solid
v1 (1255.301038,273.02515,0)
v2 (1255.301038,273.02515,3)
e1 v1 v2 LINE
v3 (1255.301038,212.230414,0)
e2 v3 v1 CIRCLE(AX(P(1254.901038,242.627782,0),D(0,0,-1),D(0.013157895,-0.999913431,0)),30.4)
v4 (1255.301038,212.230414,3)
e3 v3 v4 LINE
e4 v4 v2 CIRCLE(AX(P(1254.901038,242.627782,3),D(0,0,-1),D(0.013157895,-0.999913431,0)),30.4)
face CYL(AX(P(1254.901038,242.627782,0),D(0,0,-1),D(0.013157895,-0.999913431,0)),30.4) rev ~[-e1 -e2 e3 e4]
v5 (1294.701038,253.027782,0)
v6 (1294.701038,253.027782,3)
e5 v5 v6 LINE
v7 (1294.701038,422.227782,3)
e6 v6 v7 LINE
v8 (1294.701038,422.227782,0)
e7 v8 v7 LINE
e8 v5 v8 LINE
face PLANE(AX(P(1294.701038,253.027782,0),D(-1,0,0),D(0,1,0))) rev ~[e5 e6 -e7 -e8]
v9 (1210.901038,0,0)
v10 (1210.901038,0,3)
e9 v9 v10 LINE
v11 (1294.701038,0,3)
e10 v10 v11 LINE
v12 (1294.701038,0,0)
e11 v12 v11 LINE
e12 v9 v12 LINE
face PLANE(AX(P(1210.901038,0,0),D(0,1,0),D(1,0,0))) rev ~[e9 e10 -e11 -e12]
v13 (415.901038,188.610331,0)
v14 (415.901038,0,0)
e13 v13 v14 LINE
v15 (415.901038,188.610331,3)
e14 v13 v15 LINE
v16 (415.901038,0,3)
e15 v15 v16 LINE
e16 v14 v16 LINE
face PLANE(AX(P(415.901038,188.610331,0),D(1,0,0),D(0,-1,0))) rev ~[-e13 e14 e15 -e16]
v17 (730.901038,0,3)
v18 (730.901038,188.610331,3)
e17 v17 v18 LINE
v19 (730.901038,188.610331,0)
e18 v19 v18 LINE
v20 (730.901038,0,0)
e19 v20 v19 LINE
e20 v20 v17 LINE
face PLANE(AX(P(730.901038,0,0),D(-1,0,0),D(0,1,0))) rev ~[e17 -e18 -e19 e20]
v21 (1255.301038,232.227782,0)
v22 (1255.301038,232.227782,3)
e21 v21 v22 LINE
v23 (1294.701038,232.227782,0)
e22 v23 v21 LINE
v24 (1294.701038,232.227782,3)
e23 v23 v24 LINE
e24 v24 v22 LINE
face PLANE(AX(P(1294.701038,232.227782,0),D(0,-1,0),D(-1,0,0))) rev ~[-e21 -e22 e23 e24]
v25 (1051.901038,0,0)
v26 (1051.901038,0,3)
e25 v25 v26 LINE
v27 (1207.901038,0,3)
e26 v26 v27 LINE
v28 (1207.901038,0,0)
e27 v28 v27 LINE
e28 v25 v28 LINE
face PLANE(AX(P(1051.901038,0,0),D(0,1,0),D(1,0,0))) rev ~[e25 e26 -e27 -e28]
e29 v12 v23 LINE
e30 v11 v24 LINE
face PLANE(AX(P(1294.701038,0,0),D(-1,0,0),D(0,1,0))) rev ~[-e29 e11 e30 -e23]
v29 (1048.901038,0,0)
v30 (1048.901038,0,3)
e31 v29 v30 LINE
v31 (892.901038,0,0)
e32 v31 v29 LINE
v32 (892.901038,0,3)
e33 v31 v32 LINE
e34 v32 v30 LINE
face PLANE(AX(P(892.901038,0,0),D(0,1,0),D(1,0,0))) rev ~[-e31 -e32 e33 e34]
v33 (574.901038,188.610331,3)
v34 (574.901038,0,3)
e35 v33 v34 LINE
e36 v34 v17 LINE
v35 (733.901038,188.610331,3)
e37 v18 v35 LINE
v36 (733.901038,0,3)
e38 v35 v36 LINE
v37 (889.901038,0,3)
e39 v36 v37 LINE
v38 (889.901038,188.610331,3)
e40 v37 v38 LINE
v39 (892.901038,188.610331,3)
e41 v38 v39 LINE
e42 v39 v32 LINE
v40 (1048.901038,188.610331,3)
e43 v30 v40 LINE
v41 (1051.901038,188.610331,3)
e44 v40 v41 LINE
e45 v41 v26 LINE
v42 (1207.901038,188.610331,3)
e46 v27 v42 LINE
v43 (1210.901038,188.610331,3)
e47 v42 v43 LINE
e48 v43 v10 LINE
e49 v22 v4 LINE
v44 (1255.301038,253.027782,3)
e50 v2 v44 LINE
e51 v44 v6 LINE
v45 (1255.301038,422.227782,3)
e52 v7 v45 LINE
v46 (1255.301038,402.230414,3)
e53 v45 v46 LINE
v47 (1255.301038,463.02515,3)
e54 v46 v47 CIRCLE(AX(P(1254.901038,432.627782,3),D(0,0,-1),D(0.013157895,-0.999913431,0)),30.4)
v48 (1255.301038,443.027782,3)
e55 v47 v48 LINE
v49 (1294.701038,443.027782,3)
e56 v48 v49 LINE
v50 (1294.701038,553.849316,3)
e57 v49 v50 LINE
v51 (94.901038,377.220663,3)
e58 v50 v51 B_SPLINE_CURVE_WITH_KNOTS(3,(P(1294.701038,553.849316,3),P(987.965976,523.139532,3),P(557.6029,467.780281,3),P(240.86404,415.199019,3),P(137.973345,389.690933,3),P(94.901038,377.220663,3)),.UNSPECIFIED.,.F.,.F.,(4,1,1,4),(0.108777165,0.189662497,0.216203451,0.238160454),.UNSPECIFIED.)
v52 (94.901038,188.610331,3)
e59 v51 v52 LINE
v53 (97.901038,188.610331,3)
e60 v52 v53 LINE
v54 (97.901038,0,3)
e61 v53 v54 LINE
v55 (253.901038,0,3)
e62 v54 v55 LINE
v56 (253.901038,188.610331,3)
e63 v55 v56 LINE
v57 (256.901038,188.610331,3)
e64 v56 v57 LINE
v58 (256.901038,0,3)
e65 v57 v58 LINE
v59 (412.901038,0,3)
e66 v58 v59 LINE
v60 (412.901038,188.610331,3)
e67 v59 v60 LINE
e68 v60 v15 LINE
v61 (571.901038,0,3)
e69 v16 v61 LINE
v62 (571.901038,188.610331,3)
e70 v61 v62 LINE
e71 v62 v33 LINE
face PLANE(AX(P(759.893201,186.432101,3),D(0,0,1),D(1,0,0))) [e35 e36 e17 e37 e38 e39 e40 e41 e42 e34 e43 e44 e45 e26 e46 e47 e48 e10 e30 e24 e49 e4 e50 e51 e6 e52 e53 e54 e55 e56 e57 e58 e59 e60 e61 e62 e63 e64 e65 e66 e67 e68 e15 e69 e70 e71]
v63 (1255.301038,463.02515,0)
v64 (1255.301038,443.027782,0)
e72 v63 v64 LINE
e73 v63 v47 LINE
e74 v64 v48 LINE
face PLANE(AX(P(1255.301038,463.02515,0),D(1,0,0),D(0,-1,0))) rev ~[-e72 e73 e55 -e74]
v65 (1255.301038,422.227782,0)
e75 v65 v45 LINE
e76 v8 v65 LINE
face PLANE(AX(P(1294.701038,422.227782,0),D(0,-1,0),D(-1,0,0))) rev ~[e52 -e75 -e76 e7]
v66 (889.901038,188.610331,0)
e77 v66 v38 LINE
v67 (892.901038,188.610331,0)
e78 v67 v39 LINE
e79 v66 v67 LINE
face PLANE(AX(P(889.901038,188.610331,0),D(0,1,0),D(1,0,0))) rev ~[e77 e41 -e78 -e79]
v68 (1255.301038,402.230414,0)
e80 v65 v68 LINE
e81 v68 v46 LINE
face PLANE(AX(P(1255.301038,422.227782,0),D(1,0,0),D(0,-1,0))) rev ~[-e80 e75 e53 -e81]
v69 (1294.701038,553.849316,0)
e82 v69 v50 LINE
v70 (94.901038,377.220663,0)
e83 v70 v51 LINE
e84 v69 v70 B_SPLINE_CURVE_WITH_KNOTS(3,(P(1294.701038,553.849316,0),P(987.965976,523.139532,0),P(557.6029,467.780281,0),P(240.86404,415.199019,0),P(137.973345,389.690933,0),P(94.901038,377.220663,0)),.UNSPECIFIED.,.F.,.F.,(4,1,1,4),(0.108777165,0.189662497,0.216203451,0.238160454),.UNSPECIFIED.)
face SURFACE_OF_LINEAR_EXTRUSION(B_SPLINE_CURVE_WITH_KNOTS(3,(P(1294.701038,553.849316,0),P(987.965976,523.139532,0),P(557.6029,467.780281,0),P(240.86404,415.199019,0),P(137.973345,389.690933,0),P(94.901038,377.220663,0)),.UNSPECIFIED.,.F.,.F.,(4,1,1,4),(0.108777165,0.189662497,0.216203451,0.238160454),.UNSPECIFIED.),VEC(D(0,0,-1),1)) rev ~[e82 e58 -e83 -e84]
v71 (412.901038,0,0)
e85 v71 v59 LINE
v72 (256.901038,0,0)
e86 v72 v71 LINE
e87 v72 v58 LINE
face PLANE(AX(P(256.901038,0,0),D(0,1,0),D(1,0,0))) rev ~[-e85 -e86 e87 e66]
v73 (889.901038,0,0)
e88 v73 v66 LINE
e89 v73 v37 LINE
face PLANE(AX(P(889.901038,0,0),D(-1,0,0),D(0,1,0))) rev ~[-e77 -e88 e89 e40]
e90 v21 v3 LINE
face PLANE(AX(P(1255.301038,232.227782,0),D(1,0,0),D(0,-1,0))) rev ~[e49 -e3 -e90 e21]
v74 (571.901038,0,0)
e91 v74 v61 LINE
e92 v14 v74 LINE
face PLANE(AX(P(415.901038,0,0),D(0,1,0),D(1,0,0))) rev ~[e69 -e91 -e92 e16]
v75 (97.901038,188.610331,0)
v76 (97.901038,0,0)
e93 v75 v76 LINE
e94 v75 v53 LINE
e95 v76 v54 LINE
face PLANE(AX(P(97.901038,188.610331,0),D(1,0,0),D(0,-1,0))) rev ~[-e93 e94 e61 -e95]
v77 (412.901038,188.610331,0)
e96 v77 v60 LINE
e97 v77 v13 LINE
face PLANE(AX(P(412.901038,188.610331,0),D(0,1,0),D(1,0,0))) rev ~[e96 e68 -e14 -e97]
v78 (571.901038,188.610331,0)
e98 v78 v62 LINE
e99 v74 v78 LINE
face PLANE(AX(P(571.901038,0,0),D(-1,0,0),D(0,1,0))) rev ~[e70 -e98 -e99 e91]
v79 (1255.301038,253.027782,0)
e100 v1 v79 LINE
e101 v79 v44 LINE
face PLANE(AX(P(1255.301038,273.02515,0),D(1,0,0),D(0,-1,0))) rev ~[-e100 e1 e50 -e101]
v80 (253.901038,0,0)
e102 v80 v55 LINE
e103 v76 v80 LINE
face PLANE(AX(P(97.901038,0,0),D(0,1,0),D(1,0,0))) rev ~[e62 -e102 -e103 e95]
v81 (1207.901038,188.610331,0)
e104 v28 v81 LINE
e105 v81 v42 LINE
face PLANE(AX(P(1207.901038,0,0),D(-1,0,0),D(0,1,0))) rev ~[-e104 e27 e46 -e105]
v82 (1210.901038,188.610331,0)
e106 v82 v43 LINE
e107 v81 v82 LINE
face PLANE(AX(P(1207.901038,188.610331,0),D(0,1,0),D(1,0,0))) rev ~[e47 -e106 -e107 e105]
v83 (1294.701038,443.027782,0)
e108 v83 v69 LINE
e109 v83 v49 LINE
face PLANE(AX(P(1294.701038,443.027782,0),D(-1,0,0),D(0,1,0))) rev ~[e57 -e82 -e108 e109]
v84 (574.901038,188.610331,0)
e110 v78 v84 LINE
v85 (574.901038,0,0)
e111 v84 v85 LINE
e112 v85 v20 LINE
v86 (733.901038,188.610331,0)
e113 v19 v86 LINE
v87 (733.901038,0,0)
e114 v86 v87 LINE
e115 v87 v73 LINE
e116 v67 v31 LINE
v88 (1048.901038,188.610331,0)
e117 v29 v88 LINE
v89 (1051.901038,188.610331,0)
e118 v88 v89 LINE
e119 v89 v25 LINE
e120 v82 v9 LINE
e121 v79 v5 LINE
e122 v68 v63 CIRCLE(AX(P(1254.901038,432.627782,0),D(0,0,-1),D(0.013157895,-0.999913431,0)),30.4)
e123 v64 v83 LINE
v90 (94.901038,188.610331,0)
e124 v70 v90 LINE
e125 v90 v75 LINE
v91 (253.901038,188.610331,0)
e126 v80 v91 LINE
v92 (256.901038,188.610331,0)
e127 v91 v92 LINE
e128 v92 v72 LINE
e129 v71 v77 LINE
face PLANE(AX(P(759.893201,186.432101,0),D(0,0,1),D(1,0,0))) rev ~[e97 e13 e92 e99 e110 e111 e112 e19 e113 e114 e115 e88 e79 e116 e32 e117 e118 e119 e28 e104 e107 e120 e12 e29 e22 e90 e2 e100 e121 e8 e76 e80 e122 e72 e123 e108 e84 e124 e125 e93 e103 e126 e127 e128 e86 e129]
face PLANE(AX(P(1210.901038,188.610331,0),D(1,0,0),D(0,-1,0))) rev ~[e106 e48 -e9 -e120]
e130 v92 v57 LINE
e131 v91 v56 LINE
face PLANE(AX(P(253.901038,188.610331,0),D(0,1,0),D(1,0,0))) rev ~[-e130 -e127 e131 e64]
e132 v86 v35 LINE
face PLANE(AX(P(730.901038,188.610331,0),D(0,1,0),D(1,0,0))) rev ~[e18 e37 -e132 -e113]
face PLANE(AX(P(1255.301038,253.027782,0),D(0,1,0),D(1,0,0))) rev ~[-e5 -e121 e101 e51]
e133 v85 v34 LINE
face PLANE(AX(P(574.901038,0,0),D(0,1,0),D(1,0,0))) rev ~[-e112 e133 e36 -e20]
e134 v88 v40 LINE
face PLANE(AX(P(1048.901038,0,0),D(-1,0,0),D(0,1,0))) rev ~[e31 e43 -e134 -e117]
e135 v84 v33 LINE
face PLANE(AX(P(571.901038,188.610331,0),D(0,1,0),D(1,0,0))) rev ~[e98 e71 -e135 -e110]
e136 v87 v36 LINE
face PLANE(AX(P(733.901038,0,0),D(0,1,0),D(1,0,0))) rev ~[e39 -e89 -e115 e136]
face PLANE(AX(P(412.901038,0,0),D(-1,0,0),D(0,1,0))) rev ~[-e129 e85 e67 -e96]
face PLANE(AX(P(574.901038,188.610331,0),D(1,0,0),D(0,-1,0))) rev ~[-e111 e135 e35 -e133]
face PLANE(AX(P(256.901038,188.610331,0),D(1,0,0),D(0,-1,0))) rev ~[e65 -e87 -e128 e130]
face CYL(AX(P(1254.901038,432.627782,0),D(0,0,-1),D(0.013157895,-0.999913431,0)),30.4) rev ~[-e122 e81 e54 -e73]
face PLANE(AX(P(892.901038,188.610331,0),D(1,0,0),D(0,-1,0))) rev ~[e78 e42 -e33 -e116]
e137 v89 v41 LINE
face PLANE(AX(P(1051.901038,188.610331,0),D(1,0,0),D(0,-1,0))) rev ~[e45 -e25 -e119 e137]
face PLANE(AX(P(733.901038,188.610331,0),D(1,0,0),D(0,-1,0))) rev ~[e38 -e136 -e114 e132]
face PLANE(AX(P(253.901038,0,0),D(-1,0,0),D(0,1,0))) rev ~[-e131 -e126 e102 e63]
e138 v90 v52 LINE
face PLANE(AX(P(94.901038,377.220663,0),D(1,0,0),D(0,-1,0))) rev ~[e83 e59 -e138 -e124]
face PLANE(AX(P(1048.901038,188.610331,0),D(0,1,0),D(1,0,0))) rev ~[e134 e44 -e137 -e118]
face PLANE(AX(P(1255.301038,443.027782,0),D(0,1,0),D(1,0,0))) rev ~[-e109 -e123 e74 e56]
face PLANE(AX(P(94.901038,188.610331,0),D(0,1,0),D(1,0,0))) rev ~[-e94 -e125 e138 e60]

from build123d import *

# Parameters (mm, degrees)
BOSS_EXTRUDE1_DEPTH = 3


with BuildPart() as part:
    # Model → Boss-Extrude1 (new body)
    with BuildSketch(Plane.XY):
        with BuildLine():
            Line((1255.301037795, 443.027781841), (1294.701037823, 443.027781841))
            Line((1294.701037823, 443.027781841), (1294.701037823, 553.849315832))
            add(Edge.make_bspline(
                [(1294.701037823, 553.849315832), (987.9659757, 523.139532485), (557.602899882, 467.780280961), (240.864040275, 415.199018527), (137.973344874, 389.690933183), (94.901037796, 377.220662508)],
                knots=[0.108777165, 0.108777165, 0.108777165, 0.108777165, 0.189662497, 0.216203451, 0.238160454, 0.238160454, 0.238160454, 0.238160454], degree=3))
            Line((94.901037796, 377.220662508), (94.901037796, 188.610331254))
            Line((94.901037796, 188.610331254), (97.901037796, 188.610331254))
            Line((97.901037796, 188.610331254), (97.901037796, 0))
            Line((97.901037796, 0), (253.901037796, 0))
            Line((253.901037796, 0), (253.901037796, 188.610331254))
            Line((253.901037796, 188.610331254), (256.901037795, 188.610331254))
            Line((256.901037795, 188.610331254), (256.901037795, 0))
            Line((256.901037795, 0), (412.901037795, 0))
            Line((412.901037795, 0), (412.901037795, 188.610331254))
            Line((412.901037795, 188.610331254), (415.901037795, 188.610331254))
            Line((415.901037795, 188.610331254), (415.901037795, 0))
            Line((415.901037795, 0), (571.901037795, 0))
            Line((571.901037795, 0), (571.901037795, 188.610331254))
            Line((571.901037795, 188.610331254), (574.901037795, 188.610331254))
            Line((574.901037795, 188.610331254), (574.901037795, 0))
            Line((574.901037795, 0), (730.901037795, 0))
            Line((730.901037795, 0), (730.901037795, 188.610331254))
            Line((730.901037795, 188.610331254), (733.901037795, 188.610331254))
            Line((733.901037795, 188.610331254), (733.901037795, 0))
            Line((733.901037795, 0), (889.901037795, 0))
            Line((889.901037795, 0), (889.901037795, 188.610331254))
            Line((889.901037795, 188.610331254), (892.901037795, 188.610331254))
            Line((892.901037795, 188.610331254), (892.901037795, 0))
            Line((892.901037795, 0), (1048.901037796, 0))
            Line((1048.901037796, 0), (1048.901037796, 188.610331254))
            Line((1048.901037796, 188.610331254), (1051.901037795, 188.610331254))
            Line((1051.901037795, 188.610331254), (1051.901037795, 0))
            Line((1051.901037795, 0), (1207.901037796, 0))
            Line((1207.901037796, 0), (1207.901037796, 188.610331254))
            Line((1207.901037796, 188.610331254), (1210.901037796, 188.610331254))
            Line((1210.901037796, 188.610331254), (1210.901037796, 0))
            Line((1210.901037796, 0), (1294.701037796, 0))
            Line((1294.701037796, 0), (1294.701037796, 232.227781841))
            Line((1294.701037796, 232.227781841), (1255.301037795, 232.227781841))
            Line((1255.301037795, 232.227781841), (1255.301037795, 212.230413534))
            ThreePointArc((1255.301037795, 212.230413534), (1224.501037792, 242.627781841), (1255.301037795, 273.025150148))
            Line((1255.301037795, 273.025150148), (1255.301037795, 253.027781841))
            Line((1255.301037795, 253.027781841), (1294.701037796, 253.027781841))
            Line((1294.701037796, 253.027781841), (1294.701037796, 422.227781841))
            Line((1294.701037796, 422.227781841), (1255.301037795, 422.227781841))
            Line((1255.301037795, 422.227781841), (1255.301037795, 402.230413534))
            ThreePointArc((1255.301037795, 402.230413534), (1224.501037792, 432.627781841), (1255.301037795, 463.025150148))
            Line((1255.301037795, 463.025150148), (1255.301037795, 443.027781841))
        make_face()
    extrude(amount=BOSS_EXTRUDE1_DEPTH)


solid = part.part
